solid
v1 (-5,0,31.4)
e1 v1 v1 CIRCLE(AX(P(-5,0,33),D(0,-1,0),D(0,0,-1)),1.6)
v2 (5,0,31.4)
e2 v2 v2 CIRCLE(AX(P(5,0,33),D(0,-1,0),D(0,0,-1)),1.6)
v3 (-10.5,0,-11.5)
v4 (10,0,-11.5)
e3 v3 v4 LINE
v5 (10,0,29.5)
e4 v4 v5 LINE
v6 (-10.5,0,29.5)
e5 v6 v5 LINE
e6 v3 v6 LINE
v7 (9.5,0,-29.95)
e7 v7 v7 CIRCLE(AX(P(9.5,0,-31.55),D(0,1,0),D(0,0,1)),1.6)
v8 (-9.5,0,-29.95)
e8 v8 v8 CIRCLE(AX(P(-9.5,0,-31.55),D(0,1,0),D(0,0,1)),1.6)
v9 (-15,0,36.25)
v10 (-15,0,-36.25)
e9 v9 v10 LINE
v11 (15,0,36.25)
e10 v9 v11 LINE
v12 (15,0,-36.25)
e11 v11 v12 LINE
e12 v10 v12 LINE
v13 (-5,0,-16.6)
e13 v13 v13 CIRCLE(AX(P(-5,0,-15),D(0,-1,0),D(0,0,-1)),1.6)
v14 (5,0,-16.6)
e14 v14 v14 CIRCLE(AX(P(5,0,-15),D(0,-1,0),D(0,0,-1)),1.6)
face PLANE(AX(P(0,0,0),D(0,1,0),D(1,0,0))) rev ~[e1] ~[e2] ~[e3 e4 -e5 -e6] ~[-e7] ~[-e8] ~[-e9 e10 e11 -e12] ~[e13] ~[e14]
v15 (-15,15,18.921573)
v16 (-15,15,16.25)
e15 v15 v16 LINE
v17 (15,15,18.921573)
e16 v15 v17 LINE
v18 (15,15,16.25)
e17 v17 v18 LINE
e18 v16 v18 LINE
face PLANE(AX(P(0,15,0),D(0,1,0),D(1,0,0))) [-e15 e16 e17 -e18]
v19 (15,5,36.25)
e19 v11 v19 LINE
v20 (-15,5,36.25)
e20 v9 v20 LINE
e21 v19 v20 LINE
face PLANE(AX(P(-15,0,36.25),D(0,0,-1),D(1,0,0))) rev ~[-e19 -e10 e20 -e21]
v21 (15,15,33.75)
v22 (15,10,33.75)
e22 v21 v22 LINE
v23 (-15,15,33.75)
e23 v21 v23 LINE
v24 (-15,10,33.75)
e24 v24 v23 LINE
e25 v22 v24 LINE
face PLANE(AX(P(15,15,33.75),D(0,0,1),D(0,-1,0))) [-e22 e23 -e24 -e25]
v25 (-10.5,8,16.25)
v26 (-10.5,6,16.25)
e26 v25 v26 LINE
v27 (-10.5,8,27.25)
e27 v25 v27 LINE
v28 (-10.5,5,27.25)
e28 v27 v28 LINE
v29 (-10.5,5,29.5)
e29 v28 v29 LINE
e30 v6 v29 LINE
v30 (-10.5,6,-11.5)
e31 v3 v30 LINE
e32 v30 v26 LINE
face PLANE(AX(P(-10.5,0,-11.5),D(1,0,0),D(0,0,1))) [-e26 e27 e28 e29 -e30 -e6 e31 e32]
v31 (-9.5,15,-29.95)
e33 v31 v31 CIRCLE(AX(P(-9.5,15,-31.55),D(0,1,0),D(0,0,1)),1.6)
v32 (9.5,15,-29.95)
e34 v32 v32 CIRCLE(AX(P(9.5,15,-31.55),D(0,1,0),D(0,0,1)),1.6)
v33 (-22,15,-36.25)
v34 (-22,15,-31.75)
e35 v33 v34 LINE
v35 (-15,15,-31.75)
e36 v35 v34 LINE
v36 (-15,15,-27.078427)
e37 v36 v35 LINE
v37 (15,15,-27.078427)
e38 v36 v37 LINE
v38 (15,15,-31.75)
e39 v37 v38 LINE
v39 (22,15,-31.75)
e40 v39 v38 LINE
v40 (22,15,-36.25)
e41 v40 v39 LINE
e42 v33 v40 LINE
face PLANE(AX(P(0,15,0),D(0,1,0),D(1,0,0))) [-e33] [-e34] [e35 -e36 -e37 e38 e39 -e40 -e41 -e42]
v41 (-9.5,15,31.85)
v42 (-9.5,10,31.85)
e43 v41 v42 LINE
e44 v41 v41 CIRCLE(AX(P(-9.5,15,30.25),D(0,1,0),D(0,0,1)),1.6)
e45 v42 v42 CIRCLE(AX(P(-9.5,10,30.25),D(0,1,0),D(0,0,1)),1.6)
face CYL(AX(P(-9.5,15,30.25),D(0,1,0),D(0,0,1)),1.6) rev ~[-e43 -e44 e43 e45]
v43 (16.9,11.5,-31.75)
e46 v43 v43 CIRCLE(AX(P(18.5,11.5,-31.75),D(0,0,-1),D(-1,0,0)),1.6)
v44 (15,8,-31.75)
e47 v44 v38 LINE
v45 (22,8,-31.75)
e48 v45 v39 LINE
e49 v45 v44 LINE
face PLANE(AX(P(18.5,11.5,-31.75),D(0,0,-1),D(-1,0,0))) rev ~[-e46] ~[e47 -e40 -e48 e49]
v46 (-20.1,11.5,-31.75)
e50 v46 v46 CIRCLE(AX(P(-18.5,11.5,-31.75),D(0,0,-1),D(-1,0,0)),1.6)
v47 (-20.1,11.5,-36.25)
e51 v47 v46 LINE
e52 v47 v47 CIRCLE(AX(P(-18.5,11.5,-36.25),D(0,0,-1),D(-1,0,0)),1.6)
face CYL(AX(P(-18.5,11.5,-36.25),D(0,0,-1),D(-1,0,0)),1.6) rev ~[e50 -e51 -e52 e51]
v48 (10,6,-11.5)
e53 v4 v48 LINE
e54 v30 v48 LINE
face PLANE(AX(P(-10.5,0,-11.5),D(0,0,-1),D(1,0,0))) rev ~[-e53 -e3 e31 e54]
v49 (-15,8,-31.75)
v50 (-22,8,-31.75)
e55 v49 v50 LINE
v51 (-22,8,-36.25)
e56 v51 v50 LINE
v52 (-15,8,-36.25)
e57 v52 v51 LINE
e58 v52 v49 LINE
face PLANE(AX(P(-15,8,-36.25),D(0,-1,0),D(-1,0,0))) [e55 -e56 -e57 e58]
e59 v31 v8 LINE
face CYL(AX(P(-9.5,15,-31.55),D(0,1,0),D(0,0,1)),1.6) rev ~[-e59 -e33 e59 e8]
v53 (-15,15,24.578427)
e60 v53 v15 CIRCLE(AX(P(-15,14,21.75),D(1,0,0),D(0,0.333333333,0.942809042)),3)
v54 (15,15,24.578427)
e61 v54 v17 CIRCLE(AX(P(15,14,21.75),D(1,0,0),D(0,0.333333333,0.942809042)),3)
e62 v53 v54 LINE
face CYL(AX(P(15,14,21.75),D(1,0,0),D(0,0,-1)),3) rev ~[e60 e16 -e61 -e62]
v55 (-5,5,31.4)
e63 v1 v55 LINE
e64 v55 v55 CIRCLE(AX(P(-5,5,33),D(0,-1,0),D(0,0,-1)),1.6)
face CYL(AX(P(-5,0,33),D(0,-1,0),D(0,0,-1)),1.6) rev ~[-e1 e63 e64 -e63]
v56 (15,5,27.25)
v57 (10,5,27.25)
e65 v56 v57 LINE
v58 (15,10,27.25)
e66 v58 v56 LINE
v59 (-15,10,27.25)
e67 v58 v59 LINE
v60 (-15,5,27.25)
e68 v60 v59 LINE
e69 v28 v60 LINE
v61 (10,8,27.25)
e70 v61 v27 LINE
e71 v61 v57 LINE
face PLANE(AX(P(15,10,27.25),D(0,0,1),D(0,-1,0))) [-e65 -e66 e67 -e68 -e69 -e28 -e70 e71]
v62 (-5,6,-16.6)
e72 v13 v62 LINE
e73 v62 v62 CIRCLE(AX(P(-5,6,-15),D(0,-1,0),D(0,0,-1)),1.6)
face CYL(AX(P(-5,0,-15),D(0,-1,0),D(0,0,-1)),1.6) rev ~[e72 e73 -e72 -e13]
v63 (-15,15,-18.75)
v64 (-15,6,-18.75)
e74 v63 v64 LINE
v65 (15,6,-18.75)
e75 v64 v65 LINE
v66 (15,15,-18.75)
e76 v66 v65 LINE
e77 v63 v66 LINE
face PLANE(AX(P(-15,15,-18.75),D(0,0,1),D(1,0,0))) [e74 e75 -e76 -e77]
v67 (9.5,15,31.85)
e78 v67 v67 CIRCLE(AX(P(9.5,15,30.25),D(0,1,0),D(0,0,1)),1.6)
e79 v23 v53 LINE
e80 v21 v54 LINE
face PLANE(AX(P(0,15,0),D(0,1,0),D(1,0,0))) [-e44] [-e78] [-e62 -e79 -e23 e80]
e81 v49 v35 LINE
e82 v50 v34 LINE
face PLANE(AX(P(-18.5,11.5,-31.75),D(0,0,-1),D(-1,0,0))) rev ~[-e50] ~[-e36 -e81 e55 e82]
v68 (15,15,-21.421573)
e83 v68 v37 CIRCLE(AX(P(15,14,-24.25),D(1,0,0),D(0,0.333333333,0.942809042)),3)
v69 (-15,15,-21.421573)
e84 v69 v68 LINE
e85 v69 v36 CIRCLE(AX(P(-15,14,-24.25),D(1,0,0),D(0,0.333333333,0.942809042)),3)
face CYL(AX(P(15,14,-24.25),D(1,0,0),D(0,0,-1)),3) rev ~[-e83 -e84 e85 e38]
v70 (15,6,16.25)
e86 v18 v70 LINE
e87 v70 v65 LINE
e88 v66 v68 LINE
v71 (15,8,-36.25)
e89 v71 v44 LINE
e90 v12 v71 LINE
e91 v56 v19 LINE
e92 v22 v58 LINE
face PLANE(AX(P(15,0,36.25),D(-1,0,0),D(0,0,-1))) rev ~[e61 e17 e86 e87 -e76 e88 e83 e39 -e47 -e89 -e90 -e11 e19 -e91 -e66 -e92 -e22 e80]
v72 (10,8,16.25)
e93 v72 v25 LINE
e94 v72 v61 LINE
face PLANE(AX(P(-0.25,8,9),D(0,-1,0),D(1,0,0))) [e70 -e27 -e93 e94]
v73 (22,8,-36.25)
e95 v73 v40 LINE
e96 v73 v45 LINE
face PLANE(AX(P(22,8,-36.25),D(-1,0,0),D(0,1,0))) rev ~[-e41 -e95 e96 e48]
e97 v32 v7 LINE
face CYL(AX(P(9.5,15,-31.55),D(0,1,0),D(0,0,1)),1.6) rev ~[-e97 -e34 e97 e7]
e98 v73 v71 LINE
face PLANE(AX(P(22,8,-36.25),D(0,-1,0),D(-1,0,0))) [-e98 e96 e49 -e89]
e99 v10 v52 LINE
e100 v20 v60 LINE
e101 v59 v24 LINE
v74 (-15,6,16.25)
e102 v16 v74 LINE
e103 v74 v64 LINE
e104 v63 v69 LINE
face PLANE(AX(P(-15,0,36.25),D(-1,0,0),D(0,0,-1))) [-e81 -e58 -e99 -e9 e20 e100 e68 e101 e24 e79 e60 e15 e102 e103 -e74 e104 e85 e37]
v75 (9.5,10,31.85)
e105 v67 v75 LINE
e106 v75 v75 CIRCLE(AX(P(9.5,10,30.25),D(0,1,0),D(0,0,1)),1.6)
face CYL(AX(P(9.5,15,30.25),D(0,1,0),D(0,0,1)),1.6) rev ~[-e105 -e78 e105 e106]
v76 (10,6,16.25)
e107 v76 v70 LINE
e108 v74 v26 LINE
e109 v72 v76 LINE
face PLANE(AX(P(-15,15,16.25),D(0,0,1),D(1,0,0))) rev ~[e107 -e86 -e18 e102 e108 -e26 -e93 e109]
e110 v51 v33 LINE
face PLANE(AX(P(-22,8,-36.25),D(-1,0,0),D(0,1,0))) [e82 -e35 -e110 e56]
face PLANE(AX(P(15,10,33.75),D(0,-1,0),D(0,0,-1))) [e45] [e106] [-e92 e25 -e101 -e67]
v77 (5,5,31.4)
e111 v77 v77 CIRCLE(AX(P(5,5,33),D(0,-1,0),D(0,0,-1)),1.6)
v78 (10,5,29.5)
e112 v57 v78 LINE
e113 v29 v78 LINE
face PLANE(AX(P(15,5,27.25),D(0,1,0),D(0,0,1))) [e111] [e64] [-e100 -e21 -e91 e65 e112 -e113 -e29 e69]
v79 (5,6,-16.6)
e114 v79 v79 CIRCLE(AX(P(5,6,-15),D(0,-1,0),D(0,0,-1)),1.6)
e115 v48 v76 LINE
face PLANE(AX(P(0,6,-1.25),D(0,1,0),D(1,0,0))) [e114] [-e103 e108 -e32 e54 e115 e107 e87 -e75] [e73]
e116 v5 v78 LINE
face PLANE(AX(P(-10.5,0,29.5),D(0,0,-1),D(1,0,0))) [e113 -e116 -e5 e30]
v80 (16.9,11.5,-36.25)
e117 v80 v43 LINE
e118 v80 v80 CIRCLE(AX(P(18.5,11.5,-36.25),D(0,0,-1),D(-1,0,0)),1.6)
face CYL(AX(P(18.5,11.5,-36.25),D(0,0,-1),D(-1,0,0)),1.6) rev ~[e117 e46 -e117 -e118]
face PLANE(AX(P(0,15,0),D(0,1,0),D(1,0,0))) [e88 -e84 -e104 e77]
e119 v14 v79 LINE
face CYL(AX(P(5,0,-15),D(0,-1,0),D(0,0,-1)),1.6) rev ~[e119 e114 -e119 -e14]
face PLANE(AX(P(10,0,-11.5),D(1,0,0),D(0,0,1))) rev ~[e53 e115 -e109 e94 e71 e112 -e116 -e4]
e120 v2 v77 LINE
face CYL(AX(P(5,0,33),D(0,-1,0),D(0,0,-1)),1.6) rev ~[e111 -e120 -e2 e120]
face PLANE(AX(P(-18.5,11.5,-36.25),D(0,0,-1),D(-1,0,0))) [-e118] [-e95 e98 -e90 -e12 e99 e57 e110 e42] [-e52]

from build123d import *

# Parameters (mm, degrees)
SKETCH1_W           = 30
SKETCH1_H           = 72.5
BOSS_EXTRUDE1_DEPTH = 15
SKETCH2_W           = 20.5
SKETCH2_H           = 41
CUT_EXTRUDE1_DEPTH  = 8
SKETCH3_W           = 30
SKETCH3_H           = 35
CUT_EXTRUDE2_DEPTH  = 9
CUT_EXTRUDE3_DEPTH  = 50.386865663
CUT_EXTRUDE4_REACH  = 44.001
SKETCH5_R           = 1.6
SKETCH6_R           = 3
CUT_EXTRUDE5_DEPTH  = 50.386865663
CUT_EXTRUDE6_REACH  = 44.001
SKETCH7_R           = 1.6
SKETCH8_W           = 7
SKETCH8_H           = 7
BOSS_EXTRUDE2_DEPTH = 4.5
CUT_EXTRUDE7_REACH  = 79.235
SKETCH9_R           = 1.6


with BuildPart() as part:
    # Sketch1 → Boss-Extrude1 (new body)
    with BuildSketch(Plane(origin=(0, 0, 0), x_dir=(1, 0, 0), z_dir=(0, 1, 0))):
        Rectangle(SKETCH1_W, SKETCH1_H)
    extrude(amount=BOSS_EXTRUDE1_DEPTH)

    # Sketch2 → Cut-Extrude1 (cut)
    with BuildSketch(Plane.XZ):
        with Locations((-0.25, 9)):
            Rectangle(SKETCH2_W, SKETCH2_H)
    extrude(amount=-CUT_EXTRUDE1_DEPTH, mode=Mode.SUBTRACT)

    # Sketch3 → Cut-Extrude2 (cut)
    with BuildSketch(Plane(origin=(0, 15, 0), x_dir=(1, 0, 0), z_dir=(0, 1, 0))):
        with Locations((0, 1.25)):
            Rectangle(SKETCH3_W, SKETCH3_H)
    extrude(amount=-CUT_EXTRUDE2_DEPTH, mode=Mode.SUBTRACT)

    # Sketch4 → Cut-Extrude3 (cut, through all)
    with BuildSketch(Plane(origin=(15, 0, 0), x_dir=(0, 0, -1), z_dir=(1, 0, 0))):
        Polygon((-33.75, 15), (-33.75, 10), (-27.25, 10), (-27.25, 5), (-36.25, 5), (-36.25, 15), align=None)
    extrude(amount=-CUT_EXTRUDE3_DEPTH, mode=Mode.SUBTRACT)

    # Sketch5 → Cut-Extrude4 (cut, up to next)
    with BuildSketch(Plane.XZ, mode=Mode.PRIVATE) as cut_extrude4_sk1:
        with Locations(Location((-5, 33, 0), (0, 0, 270))):
            Circle(SKETCH5_R)
    cut_extrude4_tool1 = extrude(cut_extrude4_sk1.sketch, amount=-CUT_EXTRUDE4_REACH, mode=Mode.PRIVATE) & part.part
    # Sketch5 → Cut-Extrude4 (cut, up to next)
    with BuildSketch(Plane.XZ, mode=Mode.PRIVATE) as cut_extrude4_sk2:
        with Locations(Location((5, 33, 0), (0, 0, 270))):
            Circle(SKETCH5_R)
    cut_extrude4_tool2 = extrude(cut_extrude4_sk2.sketch, amount=-CUT_EXTRUDE4_REACH, mode=Mode.PRIVATE) & part.part
    # Sketch5 → Cut-Extrude4 (cut, up to next)
    with BuildSketch(Plane.XZ, mode=Mode.PRIVATE) as cut_extrude4_sk3:
        with Locations(Location((-5, -15, 0), (0, 0, 270))):
            Circle(SKETCH5_R)
    cut_extrude4_tool3 = extrude(cut_extrude4_sk3.sketch, amount=-CUT_EXTRUDE4_REACH, mode=Mode.PRIVATE) & part.part
    # Sketch5 → Cut-Extrude4 (cut, up to next)
    with BuildSketch(Plane.XZ, mode=Mode.PRIVATE) as cut_extrude4_sk4:
        with Locations(Location((5, -15, 0), (0, 0, 270))):
            Circle(SKETCH5_R)
    cut_extrude4_tool4 = extrude(cut_extrude4_sk4.sketch, amount=-CUT_EXTRUDE4_REACH, mode=Mode.PRIVATE) & part.part
    add(cut_extrude4_tool1.solids().sort_by_distance((-5, 0, 33))[0], mode=Mode.SUBTRACT)
    add(cut_extrude4_tool2.solids().sort_by_distance((5, 0, 33))[0], mode=Mode.SUBTRACT)
    add(cut_extrude4_tool3.solids().sort_by_distance((-5, 0, -15))[0], mode=Mode.SUBTRACT)
    add(cut_extrude4_tool4.solids().sort_by_distance((5, 0, -15))[0], mode=Mode.SUBTRACT)

    # Sketch6 → Cut-Extrude5 (cut, through all)
    with BuildSketch(Plane(origin=(15, 0, 0), x_dir=(0, 0, -1), z_dir=(1, 0, 0))):
        with Locations((24.25, 14)):
            Circle(SKETCH6_R)
        with Locations((-21.75, 14)):
            Circle(SKETCH6_R)
    extrude(amount=-CUT_EXTRUDE5_DEPTH, mode=Mode.SUBTRACT)

    # Sketch7 → Cut-Extrude6 (cut, up to next)
    with BuildSketch(Plane(origin=(0, 15, 0), x_dir=(1, 0, 0), z_dir=(0, 1, 0)), mode=Mode.PRIVATE) as cut_extrude6_sk1:
        with Locations(Location((-9.5, -30.25, 0), (0, 0, 270))):
            Circle(SKETCH7_R)
    cut_extrude6_tool1 = extrude(cut_extrude6_sk1.sketch, amount=-CUT_EXTRUDE6_REACH, mode=Mode.PRIVATE) & part.part
    # Sketch7 → Cut-Extrude6 (cut, up to next)
    with BuildSketch(Plane(origin=(0, 15, 0), x_dir=(1, 0, 0), z_dir=(0, 1, 0)), mode=Mode.PRIVATE) as cut_extrude6_sk2:
        with Locations(Location((9.5, -30.25, 0), (0, 0, 270))):
            Circle(SKETCH7_R)
    cut_extrude6_tool2 = extrude(cut_extrude6_sk2.sketch, amount=-CUT_EXTRUDE6_REACH, mode=Mode.PRIVATE) & part.part
    # Sketch7 → Cut-Extrude6 (cut, up to next)
    with BuildSketch(Plane(origin=(0, 15, 0), x_dir=(1, 0, 0), z_dir=(0, 1, 0)), mode=Mode.PRIVATE) as cut_extrude6_sk3:
        with Locations(Location((-9.5, 31.55, 0), (0, 0, 270))):
            Circle(SKETCH7_R)
    cut_extrude6_tool3 = extrude(cut_extrude6_sk3.sketch, amount=-CUT_EXTRUDE6_REACH, mode=Mode.PRIVATE) & part.part
    # Sketch7 → Cut-Extrude6 (cut, up to next)
    with BuildSketch(Plane(origin=(0, 15, 0), x_dir=(1, 0, 0), z_dir=(0, 1, 0)), mode=Mode.PRIVATE) as cut_extrude6_sk4:
        with Locations(Location((9.5, 31.55, 0), (0, 0, 270))):
            Circle(SKETCH7_R)
    cut_extrude6_tool4 = extrude(cut_extrude6_sk4.sketch, amount=-CUT_EXTRUDE6_REACH, mode=Mode.PRIVATE) & part.part
    add(cut_extrude6_tool1.solids().sort_by_distance((-9.5, 15, 30.25))[0], mode=Mode.SUBTRACT)
    add(cut_extrude6_tool2.solids().sort_by_distance((9.5, 15, 30.25))[0], mode=Mode.SUBTRACT)
    add(cut_extrude6_tool3.solids().sort_by_distance((-9.5, 15, -31.55))[0], mode=Mode.SUBTRACT)
    add(cut_extrude6_tool4.solids().sort_by_distance((9.5, 15, -31.55))[0], mode=Mode.SUBTRACT)

    # Sketch8 → Boss-Extrude2 (add)
    with BuildSketch(Plane(origin=(0, 0, -36.25), x_dir=(-1, 0, 0), z_dir=(0, 0, -1))):
        with Locations((18.5, 11.5)):
            Rectangle(SKETCH8_W, SKETCH8_H)
        with Locations((-18.5, 11.5)):
            Rectangle(SKETCH8_W, SKETCH8_H)
    extrude(amount=-BOSS_EXTRUDE2_DEPTH)

    # Sketch9 → Cut-Extrude7 (cut, up to next)
    with BuildSketch(Plane(origin=(0, 0, -36.25), x_dir=(-1, 0, 0), z_dir=(0, 0, -1)), mode=Mode.PRIVATE) as cut_extrude7_sk1:
        with Locations((18.5, 11.5)):
            Circle(SKETCH9_R)
    cut_extrude7_tool1 = extrude(cut_extrude7_sk1.sketch, amount=-CUT_EXTRUDE7_REACH, mode=Mode.PRIVATE) & part.part
    # Sketch9 → Cut-Extrude7 (cut, up to next)
    with BuildSketch(Plane(origin=(0, 0, -36.25), x_dir=(-1, 0, 0), z_dir=(0, 0, -1)), mode=Mode.PRIVATE) as cut_extrude7_sk2:
        with Locations((-18.5, 11.5)):
            Circle(SKETCH9_R)
    cut_extrude7_tool2 = extrude(cut_extrude7_sk2.sketch, amount=-CUT_EXTRUDE7_REACH, mode=Mode.PRIVATE) & part.part
    add(cut_extrude7_tool1.solids().sort_by_distance((-18.5, 11.5, -36.25))[0], mode=Mode.SUBTRACT)
    add(cut_extrude7_tool2.solids().sort_by_distance((18.5, 11.5, -36.25))[0], mode=Mode.SUBTRACT)


solid = part.part
